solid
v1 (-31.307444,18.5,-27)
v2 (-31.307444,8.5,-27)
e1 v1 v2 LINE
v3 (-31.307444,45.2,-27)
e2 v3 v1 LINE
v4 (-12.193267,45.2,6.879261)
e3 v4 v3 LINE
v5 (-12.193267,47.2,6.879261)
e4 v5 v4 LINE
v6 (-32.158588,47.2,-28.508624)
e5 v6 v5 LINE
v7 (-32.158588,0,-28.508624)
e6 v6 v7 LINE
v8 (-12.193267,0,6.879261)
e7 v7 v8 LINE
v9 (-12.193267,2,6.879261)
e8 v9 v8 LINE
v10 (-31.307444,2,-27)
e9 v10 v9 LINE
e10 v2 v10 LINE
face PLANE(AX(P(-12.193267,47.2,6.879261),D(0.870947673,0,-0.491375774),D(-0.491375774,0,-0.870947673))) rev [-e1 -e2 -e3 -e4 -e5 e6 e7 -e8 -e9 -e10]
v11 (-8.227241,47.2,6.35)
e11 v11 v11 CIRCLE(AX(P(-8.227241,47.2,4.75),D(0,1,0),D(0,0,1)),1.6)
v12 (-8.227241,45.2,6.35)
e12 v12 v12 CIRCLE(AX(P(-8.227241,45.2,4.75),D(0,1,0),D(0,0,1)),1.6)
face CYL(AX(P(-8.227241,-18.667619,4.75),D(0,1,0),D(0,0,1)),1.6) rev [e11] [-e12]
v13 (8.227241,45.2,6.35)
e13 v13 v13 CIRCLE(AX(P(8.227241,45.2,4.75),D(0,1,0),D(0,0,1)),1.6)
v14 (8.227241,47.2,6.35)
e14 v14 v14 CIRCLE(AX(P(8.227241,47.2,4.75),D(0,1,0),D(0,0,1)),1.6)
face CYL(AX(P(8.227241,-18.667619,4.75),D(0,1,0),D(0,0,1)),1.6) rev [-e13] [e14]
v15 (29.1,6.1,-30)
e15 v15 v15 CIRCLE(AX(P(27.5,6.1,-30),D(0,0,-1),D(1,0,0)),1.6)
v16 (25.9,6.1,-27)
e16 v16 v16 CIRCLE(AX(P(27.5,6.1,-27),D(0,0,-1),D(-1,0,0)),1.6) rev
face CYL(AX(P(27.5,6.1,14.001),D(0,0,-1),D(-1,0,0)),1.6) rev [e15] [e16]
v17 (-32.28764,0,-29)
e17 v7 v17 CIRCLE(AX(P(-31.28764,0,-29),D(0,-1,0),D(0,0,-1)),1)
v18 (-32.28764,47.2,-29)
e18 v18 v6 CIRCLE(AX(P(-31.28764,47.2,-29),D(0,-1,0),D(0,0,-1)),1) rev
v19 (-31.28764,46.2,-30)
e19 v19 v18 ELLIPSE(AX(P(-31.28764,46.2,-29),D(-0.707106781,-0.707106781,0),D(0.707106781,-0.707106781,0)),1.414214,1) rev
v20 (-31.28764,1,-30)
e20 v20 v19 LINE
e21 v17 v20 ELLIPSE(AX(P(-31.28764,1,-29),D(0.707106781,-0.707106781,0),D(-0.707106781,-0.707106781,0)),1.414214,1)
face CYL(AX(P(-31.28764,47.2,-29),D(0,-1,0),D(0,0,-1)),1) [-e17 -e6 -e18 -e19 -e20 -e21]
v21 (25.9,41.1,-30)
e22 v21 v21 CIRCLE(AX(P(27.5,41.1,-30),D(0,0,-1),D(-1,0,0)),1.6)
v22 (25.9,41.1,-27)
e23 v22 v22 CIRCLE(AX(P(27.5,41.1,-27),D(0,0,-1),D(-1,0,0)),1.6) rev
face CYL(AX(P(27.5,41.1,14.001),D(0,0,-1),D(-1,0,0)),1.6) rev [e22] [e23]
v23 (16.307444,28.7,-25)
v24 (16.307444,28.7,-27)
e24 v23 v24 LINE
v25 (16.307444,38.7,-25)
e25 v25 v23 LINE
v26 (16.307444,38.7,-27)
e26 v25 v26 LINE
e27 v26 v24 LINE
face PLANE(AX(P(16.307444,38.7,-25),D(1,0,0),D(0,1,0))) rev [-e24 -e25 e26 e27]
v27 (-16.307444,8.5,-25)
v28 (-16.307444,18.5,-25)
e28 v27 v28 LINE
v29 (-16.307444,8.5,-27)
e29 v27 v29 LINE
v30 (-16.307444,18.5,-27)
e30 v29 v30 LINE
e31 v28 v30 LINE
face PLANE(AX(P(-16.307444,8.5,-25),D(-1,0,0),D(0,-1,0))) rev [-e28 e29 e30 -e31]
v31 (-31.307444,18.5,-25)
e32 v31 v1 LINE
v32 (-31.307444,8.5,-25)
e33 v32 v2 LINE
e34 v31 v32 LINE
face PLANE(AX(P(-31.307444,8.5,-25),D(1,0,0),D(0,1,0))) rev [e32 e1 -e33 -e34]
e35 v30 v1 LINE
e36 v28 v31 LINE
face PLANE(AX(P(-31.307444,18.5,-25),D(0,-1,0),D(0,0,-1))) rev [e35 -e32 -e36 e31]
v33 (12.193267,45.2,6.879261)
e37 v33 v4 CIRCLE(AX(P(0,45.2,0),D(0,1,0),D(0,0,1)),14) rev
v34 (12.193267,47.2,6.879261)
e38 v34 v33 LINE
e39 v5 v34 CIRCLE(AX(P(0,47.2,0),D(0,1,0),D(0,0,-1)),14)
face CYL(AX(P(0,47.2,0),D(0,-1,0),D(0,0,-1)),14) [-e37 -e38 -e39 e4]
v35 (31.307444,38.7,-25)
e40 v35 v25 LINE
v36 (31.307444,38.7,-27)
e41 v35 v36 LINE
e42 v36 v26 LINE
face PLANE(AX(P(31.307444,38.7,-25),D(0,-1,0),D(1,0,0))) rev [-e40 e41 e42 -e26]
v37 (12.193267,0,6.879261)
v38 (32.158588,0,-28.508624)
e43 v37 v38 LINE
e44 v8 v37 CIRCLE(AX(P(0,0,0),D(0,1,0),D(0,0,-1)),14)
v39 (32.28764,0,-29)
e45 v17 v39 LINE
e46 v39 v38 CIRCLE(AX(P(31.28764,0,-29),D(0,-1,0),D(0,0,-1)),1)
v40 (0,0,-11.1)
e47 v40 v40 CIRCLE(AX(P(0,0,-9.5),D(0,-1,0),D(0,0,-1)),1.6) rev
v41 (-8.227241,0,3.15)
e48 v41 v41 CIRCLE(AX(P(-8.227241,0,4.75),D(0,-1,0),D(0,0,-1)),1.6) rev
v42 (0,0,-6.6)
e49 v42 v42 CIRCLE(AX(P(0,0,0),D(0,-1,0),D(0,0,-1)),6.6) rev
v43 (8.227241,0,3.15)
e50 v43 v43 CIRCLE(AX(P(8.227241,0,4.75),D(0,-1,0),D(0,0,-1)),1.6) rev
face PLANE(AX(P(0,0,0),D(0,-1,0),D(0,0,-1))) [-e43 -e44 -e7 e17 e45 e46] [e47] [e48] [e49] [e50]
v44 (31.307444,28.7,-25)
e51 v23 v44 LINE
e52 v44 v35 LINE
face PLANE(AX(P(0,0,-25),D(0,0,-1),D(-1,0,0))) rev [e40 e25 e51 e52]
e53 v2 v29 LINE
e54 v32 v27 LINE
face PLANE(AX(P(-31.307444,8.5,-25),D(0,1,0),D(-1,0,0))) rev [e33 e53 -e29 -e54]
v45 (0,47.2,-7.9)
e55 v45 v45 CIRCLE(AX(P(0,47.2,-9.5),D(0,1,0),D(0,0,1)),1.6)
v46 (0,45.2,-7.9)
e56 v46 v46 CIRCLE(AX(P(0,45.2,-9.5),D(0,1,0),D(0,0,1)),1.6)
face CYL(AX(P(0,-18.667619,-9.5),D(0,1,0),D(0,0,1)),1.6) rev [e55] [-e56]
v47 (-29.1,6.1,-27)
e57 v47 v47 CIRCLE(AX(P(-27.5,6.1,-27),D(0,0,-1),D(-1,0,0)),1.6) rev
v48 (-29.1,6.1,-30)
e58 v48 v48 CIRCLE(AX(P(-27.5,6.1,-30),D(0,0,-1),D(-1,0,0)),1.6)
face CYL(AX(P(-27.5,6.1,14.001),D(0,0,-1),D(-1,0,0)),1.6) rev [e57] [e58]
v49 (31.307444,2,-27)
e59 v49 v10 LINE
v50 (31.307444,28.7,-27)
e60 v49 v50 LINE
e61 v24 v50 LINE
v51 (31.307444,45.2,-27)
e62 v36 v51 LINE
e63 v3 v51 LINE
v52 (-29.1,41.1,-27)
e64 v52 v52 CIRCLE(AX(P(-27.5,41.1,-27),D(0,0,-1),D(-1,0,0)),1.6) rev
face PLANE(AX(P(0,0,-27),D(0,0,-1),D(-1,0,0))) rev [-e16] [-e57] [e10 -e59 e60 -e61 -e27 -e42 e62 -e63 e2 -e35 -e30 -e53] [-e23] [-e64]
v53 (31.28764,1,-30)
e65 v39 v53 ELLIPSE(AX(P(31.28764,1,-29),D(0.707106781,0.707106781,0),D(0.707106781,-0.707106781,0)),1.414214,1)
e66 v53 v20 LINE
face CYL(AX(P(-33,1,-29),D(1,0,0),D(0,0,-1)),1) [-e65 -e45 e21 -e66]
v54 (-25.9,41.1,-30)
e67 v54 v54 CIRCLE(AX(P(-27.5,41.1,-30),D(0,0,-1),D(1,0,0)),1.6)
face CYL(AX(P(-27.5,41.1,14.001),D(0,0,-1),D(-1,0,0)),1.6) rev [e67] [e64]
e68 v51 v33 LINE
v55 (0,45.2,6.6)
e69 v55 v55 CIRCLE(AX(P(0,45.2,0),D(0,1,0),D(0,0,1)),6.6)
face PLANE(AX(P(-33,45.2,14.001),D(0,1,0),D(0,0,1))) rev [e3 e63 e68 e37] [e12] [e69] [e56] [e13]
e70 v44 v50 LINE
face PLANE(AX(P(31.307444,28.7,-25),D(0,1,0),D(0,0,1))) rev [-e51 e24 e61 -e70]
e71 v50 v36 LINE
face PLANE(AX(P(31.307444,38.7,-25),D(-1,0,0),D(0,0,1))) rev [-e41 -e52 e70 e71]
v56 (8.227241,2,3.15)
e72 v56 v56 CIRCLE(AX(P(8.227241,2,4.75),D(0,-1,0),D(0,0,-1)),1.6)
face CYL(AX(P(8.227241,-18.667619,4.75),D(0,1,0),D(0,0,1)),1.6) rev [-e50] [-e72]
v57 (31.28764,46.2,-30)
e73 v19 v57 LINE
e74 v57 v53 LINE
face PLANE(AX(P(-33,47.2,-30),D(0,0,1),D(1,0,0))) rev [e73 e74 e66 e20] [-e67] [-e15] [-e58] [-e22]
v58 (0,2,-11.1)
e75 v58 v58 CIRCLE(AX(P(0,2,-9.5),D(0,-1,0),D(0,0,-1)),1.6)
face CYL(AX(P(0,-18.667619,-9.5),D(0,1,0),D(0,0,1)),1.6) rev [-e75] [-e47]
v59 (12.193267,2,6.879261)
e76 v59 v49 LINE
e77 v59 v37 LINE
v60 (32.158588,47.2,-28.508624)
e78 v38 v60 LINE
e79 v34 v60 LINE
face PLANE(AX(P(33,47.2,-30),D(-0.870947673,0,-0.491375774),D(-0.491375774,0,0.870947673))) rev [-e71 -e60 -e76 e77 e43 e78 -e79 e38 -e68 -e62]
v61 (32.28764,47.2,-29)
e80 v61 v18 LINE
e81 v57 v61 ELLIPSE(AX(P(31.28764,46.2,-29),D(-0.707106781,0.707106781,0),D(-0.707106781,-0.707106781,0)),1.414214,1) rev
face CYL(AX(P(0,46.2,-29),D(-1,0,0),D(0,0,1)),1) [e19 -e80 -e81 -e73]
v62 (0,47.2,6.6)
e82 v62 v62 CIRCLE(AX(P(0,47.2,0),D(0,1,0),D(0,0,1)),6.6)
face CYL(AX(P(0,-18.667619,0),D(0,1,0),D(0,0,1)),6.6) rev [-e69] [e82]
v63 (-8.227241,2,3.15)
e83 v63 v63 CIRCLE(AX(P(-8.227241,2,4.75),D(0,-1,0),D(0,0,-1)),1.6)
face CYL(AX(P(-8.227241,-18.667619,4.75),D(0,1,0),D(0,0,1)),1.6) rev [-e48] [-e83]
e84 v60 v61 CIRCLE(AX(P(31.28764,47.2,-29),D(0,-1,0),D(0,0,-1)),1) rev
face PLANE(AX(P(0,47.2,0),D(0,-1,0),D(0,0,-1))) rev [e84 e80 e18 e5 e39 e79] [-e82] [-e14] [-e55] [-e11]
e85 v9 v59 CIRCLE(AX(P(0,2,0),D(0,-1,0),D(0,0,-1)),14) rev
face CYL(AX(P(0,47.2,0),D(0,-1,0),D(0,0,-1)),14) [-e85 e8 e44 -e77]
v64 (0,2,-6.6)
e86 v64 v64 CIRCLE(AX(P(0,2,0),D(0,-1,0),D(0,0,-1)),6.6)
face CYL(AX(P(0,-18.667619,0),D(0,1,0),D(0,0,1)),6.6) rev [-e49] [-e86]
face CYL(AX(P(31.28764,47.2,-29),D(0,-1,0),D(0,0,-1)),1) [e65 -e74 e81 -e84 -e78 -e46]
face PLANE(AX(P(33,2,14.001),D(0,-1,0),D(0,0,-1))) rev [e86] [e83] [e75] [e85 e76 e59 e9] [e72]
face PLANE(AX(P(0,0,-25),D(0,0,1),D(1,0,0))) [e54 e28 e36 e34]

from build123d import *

# Parameters (mm, degrees)
EXTRUDE_1_DEPTH     = 47.2
CUT_EXTRUDE_2_REACH = 77.476
CUT_EXTRUDE_START   = -3
SKETCH_2_W          = 66
SKETCH_2_H          = 43.2
CUT_EXTRUDE_3_REACH = 66.937
SKETCH_3_R          = 1.6
SKETCH_3_R_2        = 6.6
CUT_EXTRUDE_4_REACH = 74.476
SKETCH_4_R          = 1.6
FILLET_1_R          = 1
SKETCH_5_W          = 15
SKETCH_5_H          = 10
EXTRUDE_2_DEPTH     = 2


with BuildPart() as part:
    # 草图1 → 凸台-拉伸1 (new body)
    with BuildSketch(Plane(origin=(0, 0, 0), x_dir=(1, 0, 0), z_dir=(0, 1, 0))):
        with BuildLine():
            Line((33, 30), (12.193267422, -6.879260831))
            ThreePointArc((12.193267422, -6.879260831), (0, -14), (-12.193267422, -6.879260831))
            Line((-12.193267422, -6.879260831), (-33, 30))
            Line((-33, 30), (33, 30))
        make_face()
    extrude(amount=EXTRUDE_1_DEPTH)

    # 草图2 → 切除-拉伸2 (cut, up to next)
    with BuildSketch(Plane(origin=(0, 0, -30), x_dir=(-1, 0, 0), z_dir=(0, 0, -1)).offset(CUT_EXTRUDE_START), mode=Mode.PRIVATE) as cut_extrude_2_sk1:
        with Locations((0, 23.6)):
            Rectangle(SKETCH_2_W, SKETCH_2_H)
    cut_extrude_2_tool1 = extrude(cut_extrude_2_sk1.sketch, amount=-CUT_EXTRUDE_2_REACH, mode=Mode.PRIVATE) & part.part
    add(cut_extrude_2_tool1.solids().sort_by_distance((0, 23.6, -27))[0], mode=Mode.SUBTRACT)

    # 切除-拉伸3: up to this face of the body (flat: up to its plane)
    cut_extrude_3_end = Plane(part.part.faces().sort_by_distance((0, 0, -12.723672626))[0])
    # 草图3 → 切除-拉伸3 (cut, up to the picked face)
    with BuildSketch(Plane(origin=(0, 47.2, 0), x_dir=(1, 0, 0), z_dir=(0, 1, 0)), mode=Mode.PRIVATE) as cut_extrude_3_sk1:
        with Locations(Location((-8.227241336, -4.75, 0), (0, 0, 90))):
            Circle(SKETCH_3_R)
    cut_extrude_3_tool1 = split(extrude(cut_extrude_3_sk1.sketch, amount=-CUT_EXTRUDE_3_REACH, mode=Mode.PRIVATE), bisect_by=cut_extrude_3_end, keep=Keep.BOTH, mode=Mode.PRIVATE)
    # 草图3 → 切除-拉伸3 (cut, up to the picked face)
    with BuildSketch(Plane(origin=(0, 47.2, 0), x_dir=(1, 0, 0), z_dir=(0, 1, 0)), mode=Mode.PRIVATE) as cut_extrude_3_sk2:
        with Locations(Location((8.227241336, -4.75, 0), (0, 0, 90))):
            Circle(SKETCH_3_R)
    cut_extrude_3_tool2 = split(extrude(cut_extrude_3_sk2.sketch, amount=-CUT_EXTRUDE_3_REACH, mode=Mode.PRIVATE), bisect_by=cut_extrude_3_end, keep=Keep.BOTH, mode=Mode.PRIVATE)
    # 草图3 → 切除-拉伸3 (cut, up to the picked face)
    with BuildSketch(Plane(origin=(0, 47.2, 0), x_dir=(1, 0, 0), z_dir=(0, 1, 0)), mode=Mode.PRIVATE) as cut_extrude_3_sk3:
        with Locations(Location((0, 0, 0), (0, 0, 90))):
            Circle(SKETCH_3_R_2)
    cut_extrude_3_tool3 = split(extrude(cut_extrude_3_sk3.sketch, amount=-CUT_EXTRUDE_3_REACH, mode=Mode.PRIVATE), bisect_by=cut_extrude_3_end, keep=Keep.BOTH, mode=Mode.PRIVATE)
    # 草图3 → 切除-拉伸3 (cut, up to the picked face)
    with BuildSketch(Plane(origin=(0, 47.2, 0), x_dir=(1, 0, 0), z_dir=(0, 1, 0)), mode=Mode.PRIVATE) as cut_extrude_3_sk4:
        with Locations(Location((0, 9.5, 0), (0, 0, 90))):
            Circle(SKETCH_3_R)
    cut_extrude_3_tool4 = split(extrude(cut_extrude_3_sk4.sketch, amount=-CUT_EXTRUDE_3_REACH, mode=Mode.PRIVATE), bisect_by=cut_extrude_3_end, keep=Keep.BOTH, mode=Mode.PRIVATE)
    add(cut_extrude_3_tool1.solids().sort_by(Axis((-8.227241, 47.2, 4.75), (0, -1, 0)))[0], mode=Mode.SUBTRACT)
    add(cut_extrude_3_tool2.solids().sort_by(Axis((8.227241, 47.2, 4.75), (0, -1, 0)))[0], mode=Mode.SUBTRACT)
    add(cut_extrude_3_tool3.solids().sort_by(Axis((0, 47.2, 0), (0, -1, 0)))[0], mode=Mode.SUBTRACT)
    add(cut_extrude_3_tool4.solids().sort_by(Axis((0, 47.2, -9.5), (0, -1, 0)))[0], mode=Mode.SUBTRACT)

    # 草图4 → 切除-拉伸4 (cut, up to next)
    with BuildSketch(Plane(origin=(0, 0, -30), x_dir=(-1, 0, 0), z_dir=(0, 0, -1)), mode=Mode.PRIVATE) as cut_extrude_4_sk1:
        with Locations((-27.5, 41.1)):
            Circle(SKETCH_4_R)
    cut_extrude_4_tool1 = extrude(cut_extrude_4_sk1.sketch, amount=-CUT_EXTRUDE_4_REACH, mode=Mode.PRIVATE) & part.part
    # 草图4 → 切除-拉伸4 (cut, up to next)
    with BuildSketch(Plane(origin=(0, 0, -30), x_dir=(-1, 0, 0), z_dir=(0, 0, -1)), mode=Mode.PRIVATE) as cut_extrude_4_sk2:
        with Locations((27.5, 41.1)):
            Circle(SKETCH_4_R)
    cut_extrude_4_tool2 = extrude(cut_extrude_4_sk2.sketch, amount=-CUT_EXTRUDE_4_REACH, mode=Mode.PRIVATE) & part.part
    # 草图4 → 切除-拉伸4 (cut, up to next)
    with BuildSketch(Plane(origin=(0, 0, -30), x_dir=(-1, 0, 0), z_dir=(0, 0, -1)), mode=Mode.PRIVATE) as cut_extrude_4_sk3:
        with Locations((27.5, 6.1)):
            Circle(SKETCH_4_R)
    cut_extrude_4_tool3 = extrude(cut_extrude_4_sk3.sketch, amount=-CUT_EXTRUDE_4_REACH, mode=Mode.PRIVATE) & part.part
    # 草图4 → 切除-拉伸4 (cut, up to next)
    with BuildSketch(Plane(origin=(0, 0, -30), x_dir=(-1, 0, 0), z_dir=(0, 0, -1)), mode=Mode.PRIVATE) as cut_extrude_4_sk4:
        with Locations((-27.5, 6.1)):
            Circle(SKETCH_4_R)
    cut_extrude_4_tool4 = extrude(cut_extrude_4_sk4.sketch, amount=-CUT_EXTRUDE_4_REACH, mode=Mode.PRIVATE) & part.part
    add(cut_extrude_4_tool1.solids().sort_by_distance((27.5, 41.1, -30))[0], mode=Mode.SUBTRACT)
    add(cut_extrude_4_tool2.solids().sort_by_distance((-27.5, 41.1, -30))[0], mode=Mode.SUBTRACT)
    add(cut_extrude_4_tool3.solids().sort_by_distance((-27.5, 6.1, -30))[0], mode=Mode.SUBTRACT)
    add(cut_extrude_4_tool4.solids().sort_by_distance((27.5, 6.1, -30))[0], mode=Mode.SUBTRACT)

    # 圆角1
    fillet_1_edges = [part.edges().sort_by_distance(p)[0] for p in [
        (0, 47.2, -30),
        (0, 0, -30),
        (-33, 23.6, -30),
        (33, 23.6, -30),
    ]]
    fillet(fillet_1_edges, radius=FILLET_1_R)

    # 草图5 → 凸台-拉伸2 (add)
    with BuildSketch(Plane.XY.offset(-27)):
        with Locations((23.807444446, 33.7)):
            Rectangle(SKETCH_5_W, SKETCH_5_H)
        with Locations((-23.807444446, 13.5)):
            Rectangle(SKETCH_5_W, SKETCH_5_H)
    extrude(amount=EXTRUDE_2_DEPTH)


solid = part.part
